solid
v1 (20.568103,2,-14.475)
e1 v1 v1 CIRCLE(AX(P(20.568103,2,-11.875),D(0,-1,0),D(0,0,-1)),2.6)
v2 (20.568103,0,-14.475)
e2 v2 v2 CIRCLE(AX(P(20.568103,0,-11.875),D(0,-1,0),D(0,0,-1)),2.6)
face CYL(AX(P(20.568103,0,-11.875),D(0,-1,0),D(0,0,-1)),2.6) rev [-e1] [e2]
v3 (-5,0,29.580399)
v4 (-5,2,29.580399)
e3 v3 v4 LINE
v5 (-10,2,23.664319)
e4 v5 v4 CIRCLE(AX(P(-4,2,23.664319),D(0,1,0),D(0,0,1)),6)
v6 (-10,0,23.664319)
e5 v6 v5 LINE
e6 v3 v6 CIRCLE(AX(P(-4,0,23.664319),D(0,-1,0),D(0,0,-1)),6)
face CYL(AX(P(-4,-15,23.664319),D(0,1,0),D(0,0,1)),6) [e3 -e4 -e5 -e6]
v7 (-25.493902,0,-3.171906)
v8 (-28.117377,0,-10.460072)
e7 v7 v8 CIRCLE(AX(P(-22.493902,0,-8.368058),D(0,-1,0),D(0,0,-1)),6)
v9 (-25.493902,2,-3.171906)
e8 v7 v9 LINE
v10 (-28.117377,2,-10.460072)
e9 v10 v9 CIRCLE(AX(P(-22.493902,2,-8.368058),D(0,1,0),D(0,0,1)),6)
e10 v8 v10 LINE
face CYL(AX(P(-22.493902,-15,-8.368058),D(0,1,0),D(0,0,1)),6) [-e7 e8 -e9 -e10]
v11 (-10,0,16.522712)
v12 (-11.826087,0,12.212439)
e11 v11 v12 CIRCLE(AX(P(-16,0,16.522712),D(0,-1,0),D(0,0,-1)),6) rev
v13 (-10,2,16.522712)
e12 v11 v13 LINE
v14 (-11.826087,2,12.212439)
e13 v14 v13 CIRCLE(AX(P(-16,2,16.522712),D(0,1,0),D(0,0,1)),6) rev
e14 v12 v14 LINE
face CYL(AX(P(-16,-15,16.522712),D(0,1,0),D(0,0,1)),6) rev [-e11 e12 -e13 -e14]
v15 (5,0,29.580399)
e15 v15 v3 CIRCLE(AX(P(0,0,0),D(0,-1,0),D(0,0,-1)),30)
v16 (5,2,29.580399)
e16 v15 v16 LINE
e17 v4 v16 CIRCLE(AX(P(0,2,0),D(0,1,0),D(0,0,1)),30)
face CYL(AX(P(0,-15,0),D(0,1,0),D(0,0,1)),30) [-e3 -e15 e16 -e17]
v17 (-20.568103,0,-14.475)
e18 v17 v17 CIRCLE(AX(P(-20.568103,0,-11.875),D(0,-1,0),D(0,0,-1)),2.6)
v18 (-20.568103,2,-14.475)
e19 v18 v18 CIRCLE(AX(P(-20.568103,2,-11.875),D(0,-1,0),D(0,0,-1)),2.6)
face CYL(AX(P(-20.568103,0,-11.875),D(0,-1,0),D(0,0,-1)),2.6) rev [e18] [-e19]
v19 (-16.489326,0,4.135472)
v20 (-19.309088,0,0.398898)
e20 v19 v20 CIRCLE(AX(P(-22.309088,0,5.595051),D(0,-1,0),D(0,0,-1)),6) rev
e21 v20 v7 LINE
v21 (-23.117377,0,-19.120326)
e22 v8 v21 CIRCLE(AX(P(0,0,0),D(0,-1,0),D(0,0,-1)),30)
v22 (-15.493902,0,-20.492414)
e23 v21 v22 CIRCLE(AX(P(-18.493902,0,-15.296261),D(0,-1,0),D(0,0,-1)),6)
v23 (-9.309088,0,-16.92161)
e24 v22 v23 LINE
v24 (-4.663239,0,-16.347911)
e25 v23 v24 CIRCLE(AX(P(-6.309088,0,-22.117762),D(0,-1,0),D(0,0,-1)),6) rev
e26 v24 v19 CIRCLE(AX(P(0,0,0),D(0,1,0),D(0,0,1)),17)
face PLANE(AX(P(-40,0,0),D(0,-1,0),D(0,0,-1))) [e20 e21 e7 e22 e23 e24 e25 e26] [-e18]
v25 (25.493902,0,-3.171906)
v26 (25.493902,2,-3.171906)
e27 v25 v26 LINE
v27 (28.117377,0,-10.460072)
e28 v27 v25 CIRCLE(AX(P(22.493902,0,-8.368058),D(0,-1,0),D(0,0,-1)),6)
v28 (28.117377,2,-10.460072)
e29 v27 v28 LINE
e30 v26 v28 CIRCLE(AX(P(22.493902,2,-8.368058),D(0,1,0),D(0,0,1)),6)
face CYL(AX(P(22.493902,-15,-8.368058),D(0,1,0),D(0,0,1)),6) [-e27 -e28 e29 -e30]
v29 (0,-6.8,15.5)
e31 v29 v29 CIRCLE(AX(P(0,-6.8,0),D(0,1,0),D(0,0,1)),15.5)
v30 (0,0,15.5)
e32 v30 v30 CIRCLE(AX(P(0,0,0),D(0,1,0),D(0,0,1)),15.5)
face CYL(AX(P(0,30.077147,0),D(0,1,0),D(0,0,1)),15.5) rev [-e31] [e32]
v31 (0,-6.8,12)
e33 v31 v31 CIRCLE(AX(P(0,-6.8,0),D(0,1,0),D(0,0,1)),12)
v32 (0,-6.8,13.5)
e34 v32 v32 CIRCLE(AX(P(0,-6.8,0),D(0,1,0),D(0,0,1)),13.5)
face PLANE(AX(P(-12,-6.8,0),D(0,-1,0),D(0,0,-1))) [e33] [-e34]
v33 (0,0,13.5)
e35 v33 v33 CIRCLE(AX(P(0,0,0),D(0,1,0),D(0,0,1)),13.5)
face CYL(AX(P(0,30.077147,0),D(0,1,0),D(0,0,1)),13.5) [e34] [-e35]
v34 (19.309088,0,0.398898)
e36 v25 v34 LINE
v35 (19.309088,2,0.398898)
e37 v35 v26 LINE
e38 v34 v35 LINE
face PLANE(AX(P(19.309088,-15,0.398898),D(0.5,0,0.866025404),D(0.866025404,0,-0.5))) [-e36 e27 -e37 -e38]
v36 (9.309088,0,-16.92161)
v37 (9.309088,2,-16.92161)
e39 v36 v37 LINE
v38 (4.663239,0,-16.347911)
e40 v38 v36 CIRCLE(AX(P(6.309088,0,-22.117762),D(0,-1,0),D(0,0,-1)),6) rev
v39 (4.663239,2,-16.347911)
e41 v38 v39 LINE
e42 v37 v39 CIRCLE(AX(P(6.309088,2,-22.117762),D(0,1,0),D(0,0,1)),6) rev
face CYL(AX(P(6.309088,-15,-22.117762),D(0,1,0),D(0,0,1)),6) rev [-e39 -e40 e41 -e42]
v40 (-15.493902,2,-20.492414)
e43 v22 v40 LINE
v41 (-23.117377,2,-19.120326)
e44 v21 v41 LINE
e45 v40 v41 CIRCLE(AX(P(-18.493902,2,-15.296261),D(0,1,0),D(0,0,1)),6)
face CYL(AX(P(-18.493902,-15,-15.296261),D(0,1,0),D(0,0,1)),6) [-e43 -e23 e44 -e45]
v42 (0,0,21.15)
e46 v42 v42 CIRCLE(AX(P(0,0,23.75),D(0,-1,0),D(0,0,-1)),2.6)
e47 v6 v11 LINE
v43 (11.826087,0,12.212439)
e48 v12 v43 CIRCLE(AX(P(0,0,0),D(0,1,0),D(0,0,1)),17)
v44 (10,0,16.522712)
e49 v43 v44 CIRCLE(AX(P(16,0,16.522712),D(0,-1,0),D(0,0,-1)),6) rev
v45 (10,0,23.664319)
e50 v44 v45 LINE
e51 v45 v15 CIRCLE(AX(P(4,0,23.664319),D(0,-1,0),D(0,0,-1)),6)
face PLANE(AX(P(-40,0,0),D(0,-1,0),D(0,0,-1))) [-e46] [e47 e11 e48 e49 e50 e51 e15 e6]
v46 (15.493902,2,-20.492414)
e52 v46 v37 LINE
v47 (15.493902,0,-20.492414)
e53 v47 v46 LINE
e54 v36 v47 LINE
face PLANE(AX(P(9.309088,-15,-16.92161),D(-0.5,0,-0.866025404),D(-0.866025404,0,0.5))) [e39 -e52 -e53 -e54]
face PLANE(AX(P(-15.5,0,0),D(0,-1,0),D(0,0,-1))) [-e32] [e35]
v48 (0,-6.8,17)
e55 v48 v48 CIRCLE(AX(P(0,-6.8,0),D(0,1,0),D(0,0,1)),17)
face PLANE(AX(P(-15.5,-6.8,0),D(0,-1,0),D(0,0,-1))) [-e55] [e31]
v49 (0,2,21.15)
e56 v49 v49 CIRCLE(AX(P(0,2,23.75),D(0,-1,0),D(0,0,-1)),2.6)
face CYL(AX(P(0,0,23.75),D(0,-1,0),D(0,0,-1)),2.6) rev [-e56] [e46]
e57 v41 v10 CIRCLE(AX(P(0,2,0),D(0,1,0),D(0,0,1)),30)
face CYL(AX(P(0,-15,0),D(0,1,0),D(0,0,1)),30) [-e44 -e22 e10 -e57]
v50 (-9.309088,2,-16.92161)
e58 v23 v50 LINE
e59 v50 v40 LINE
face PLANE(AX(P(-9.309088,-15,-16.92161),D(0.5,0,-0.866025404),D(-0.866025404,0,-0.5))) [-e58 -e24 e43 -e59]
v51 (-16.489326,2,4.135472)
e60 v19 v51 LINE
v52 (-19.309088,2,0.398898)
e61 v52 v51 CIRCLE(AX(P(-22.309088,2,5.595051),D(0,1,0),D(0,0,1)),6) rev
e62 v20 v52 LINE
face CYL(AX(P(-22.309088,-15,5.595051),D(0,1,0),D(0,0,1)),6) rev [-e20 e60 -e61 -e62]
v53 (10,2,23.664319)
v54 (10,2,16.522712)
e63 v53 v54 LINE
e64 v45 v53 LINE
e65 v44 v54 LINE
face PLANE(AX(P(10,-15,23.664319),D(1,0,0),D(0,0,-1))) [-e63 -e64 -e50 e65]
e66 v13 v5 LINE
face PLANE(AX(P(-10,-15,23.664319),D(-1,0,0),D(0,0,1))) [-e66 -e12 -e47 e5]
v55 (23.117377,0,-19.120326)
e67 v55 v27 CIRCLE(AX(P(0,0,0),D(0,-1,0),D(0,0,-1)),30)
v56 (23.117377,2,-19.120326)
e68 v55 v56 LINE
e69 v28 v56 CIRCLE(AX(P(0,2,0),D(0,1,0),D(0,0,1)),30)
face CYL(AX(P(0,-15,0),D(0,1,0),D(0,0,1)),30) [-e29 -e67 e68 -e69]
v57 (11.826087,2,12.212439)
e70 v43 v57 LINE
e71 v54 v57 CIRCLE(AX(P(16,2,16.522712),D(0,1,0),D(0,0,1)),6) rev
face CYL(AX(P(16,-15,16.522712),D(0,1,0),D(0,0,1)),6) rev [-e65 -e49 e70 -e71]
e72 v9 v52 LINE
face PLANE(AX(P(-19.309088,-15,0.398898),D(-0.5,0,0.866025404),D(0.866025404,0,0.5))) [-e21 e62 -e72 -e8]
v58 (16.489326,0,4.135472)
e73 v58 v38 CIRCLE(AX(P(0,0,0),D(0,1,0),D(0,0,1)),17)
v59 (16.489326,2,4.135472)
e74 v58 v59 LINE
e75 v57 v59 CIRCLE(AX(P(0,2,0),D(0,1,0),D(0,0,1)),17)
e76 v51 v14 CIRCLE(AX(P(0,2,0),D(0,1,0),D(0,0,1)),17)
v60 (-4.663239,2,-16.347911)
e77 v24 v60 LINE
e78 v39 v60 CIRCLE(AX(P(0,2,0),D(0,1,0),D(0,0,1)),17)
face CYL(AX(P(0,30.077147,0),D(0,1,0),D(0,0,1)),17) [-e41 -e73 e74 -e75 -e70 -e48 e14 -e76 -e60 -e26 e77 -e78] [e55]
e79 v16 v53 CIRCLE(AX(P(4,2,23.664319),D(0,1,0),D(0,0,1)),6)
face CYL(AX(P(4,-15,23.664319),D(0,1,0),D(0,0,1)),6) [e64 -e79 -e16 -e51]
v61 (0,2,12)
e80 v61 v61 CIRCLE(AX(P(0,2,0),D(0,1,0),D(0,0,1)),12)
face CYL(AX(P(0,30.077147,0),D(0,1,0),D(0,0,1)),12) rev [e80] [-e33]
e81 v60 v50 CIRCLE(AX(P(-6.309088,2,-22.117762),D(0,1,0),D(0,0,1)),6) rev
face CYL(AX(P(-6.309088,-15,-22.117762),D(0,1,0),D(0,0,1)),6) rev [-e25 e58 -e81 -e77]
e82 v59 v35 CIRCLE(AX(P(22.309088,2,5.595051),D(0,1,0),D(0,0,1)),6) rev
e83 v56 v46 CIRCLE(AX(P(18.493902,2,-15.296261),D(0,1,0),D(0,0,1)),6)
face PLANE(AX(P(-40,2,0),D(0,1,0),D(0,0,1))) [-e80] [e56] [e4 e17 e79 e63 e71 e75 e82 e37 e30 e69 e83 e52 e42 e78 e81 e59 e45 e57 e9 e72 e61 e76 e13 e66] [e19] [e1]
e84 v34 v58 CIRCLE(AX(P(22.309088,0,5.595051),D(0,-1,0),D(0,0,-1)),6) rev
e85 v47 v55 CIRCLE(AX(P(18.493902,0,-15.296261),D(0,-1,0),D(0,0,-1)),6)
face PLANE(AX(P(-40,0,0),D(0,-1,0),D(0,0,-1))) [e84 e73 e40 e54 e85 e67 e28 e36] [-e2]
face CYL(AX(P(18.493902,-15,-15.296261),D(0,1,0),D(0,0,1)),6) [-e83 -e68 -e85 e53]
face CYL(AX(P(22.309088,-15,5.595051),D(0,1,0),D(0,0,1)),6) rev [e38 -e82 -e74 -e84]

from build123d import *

# Parameters (mm, degrees)
TOP_VIEW_PATTERN_SKETCH_OUTSIDE_W = 104.696
TOP_VIEW_PATTERN_SKETCH_OUTSIDE_H = 104.696
TOP_VIEW_PATTERN_SKETCH_OUTSIDE_R = 6
CUT_EXTRUDE1_DEPTH                = 15
F_4_0MM_DOWEL_HOLE1_D             = 5.2


with BuildPart() as part:
    # Sketch2 → Revolve1 (revolve)
    with BuildSketch(Plane.XY):
        Polygon((-40, 0), (-17, 0), (-17, -6.8), (-15.5, -6.8), (-15.5, 0), (-13.5, 0), (-13.5, -6.8), (-12, -6.8), (-12, 2), (-40, 2), align=None)
    revolve(axis=Axis((0, 30.077146874, 0), (0, -1, 0)))

    # Top View Pattern Sketch outside → Cut-Extrude1 (cut, symmetric)
    with BuildSketch(Plane(origin=(0, 0, 0), x_dir=(1, 0, 0), z_dir=(0, 1, 0))):
        Rectangle(TOP_VIEW_PATTERN_SKETCH_OUTSIDE_W, TOP_VIEW_PATTERN_SKETCH_OUTSIDE_H)
        with BuildLine():
            Line((-10, -23.664319132), (-10, -16.522711642))
            ThreePointArc((-10, -16.522711642), (-10.475351674, -14.182143149), (-11.826086957, -12.21243904))
            ThreePointArc((-11.826086957, -12.21243904), (-14.722431864, -8.5), (-16.489325929, -4.135472212))
            ThreePointArc((-16.489325929, -4.135472212), (-17.519772084, -1.980849088), (-19.309088021, -0.398898217))
            Line((-19.309088021, -0.398898217), (-25.493901532, 3.171905528))
            ThreePointArc((-25.493901532, 3.171905528), (-28.139291346, 6.335922658), (-28.117376915, 10.460072439))
            ThreePointArc((-28.117376915, 10.460072439), (-25.980762114, 15), (-23.117376915, 19.120326477))
            ThreePointArc((-23.117376915, 19.120326477), (-19.556715651, 21.201379821), (-15.493901532, 20.492413604))
            Line((-15.493901532, 20.492413604), (-9.309088021, 16.921609859))
            ThreePointArc((-9.309088021, 16.921609859), (-7.04442041, 16.162992237), (-4.663238972, 16.347911252))
            ThreePointArc((-4.663238972, 16.347911252), (0, 17), (4.663238972, 16.347911252))
            ThreePointArc((4.663238972, 16.347911252), (7.04442041, 16.162992237), (9.309088021, 16.921609859))
            Line((9.309088021, 16.921609859), (15.493901532, 20.492413604))
            ThreePointArc((15.493901532, 20.492413604), (19.556715651, 21.201379821), (23.117376915, 19.120326477))
            ThreePointArc((23.117376915, 19.120326477), (25.980762114, 15), (28.117376915, 10.460072439))
            ThreePointArc((28.117376915, 10.460072439), (28.139291346, 6.335922658), (25.493901532, 3.171905528))
            Line((25.493901532, 3.171905528), (19.309088021, -0.398898217))
            ThreePointArc((19.309088021, -0.398898217), (17.519772084, -1.980849088), (16.489325929, -4.135472212))
            ThreePointArc((16.489325929, -4.135472212), (14.722431864, -8.5), (11.826086957, -12.21243904))
            ThreePointArc((11.826086957, -12.21243904), (10.475351674, -14.182143149), (10, -16.522711642))
            Line((10, -16.522711642), (10, -23.664319132))
            ThreePointArc((10, -23.664319132), (8.582575695, -27.537302479), (5, -29.580398915))
            ThreePointArc((5, -29.580398915), (0, -30), (-5, -29.580398915))
            ThreePointArc((-5, -29.580398915), (-8.582575695, -27.537302479), (-10, -23.664319132))
        make_face(mode=Mode.SUBTRACT)
        Circle(TOP_VIEW_PATTERN_SKETCH_OUTSIDE_R)
    extrude(amount=CUT_EXTRUDE1_DEPTH, both=True, mode=Mode.SUBTRACT)

    # Ø4.0mm Dowel Hole1 (through all)
    with Locations(Plane(origin=(0, 0, 0), x_dir=(-1, 0, 0), z_dir=(0, -1, 0))):
        with Locations((0, -23.75), (20.56810334, 11.875), (-20.56810334, 11.875)):
            Hole(F_4_0MM_DOWEL_HOLE1_D / 2)


solid = part.part
